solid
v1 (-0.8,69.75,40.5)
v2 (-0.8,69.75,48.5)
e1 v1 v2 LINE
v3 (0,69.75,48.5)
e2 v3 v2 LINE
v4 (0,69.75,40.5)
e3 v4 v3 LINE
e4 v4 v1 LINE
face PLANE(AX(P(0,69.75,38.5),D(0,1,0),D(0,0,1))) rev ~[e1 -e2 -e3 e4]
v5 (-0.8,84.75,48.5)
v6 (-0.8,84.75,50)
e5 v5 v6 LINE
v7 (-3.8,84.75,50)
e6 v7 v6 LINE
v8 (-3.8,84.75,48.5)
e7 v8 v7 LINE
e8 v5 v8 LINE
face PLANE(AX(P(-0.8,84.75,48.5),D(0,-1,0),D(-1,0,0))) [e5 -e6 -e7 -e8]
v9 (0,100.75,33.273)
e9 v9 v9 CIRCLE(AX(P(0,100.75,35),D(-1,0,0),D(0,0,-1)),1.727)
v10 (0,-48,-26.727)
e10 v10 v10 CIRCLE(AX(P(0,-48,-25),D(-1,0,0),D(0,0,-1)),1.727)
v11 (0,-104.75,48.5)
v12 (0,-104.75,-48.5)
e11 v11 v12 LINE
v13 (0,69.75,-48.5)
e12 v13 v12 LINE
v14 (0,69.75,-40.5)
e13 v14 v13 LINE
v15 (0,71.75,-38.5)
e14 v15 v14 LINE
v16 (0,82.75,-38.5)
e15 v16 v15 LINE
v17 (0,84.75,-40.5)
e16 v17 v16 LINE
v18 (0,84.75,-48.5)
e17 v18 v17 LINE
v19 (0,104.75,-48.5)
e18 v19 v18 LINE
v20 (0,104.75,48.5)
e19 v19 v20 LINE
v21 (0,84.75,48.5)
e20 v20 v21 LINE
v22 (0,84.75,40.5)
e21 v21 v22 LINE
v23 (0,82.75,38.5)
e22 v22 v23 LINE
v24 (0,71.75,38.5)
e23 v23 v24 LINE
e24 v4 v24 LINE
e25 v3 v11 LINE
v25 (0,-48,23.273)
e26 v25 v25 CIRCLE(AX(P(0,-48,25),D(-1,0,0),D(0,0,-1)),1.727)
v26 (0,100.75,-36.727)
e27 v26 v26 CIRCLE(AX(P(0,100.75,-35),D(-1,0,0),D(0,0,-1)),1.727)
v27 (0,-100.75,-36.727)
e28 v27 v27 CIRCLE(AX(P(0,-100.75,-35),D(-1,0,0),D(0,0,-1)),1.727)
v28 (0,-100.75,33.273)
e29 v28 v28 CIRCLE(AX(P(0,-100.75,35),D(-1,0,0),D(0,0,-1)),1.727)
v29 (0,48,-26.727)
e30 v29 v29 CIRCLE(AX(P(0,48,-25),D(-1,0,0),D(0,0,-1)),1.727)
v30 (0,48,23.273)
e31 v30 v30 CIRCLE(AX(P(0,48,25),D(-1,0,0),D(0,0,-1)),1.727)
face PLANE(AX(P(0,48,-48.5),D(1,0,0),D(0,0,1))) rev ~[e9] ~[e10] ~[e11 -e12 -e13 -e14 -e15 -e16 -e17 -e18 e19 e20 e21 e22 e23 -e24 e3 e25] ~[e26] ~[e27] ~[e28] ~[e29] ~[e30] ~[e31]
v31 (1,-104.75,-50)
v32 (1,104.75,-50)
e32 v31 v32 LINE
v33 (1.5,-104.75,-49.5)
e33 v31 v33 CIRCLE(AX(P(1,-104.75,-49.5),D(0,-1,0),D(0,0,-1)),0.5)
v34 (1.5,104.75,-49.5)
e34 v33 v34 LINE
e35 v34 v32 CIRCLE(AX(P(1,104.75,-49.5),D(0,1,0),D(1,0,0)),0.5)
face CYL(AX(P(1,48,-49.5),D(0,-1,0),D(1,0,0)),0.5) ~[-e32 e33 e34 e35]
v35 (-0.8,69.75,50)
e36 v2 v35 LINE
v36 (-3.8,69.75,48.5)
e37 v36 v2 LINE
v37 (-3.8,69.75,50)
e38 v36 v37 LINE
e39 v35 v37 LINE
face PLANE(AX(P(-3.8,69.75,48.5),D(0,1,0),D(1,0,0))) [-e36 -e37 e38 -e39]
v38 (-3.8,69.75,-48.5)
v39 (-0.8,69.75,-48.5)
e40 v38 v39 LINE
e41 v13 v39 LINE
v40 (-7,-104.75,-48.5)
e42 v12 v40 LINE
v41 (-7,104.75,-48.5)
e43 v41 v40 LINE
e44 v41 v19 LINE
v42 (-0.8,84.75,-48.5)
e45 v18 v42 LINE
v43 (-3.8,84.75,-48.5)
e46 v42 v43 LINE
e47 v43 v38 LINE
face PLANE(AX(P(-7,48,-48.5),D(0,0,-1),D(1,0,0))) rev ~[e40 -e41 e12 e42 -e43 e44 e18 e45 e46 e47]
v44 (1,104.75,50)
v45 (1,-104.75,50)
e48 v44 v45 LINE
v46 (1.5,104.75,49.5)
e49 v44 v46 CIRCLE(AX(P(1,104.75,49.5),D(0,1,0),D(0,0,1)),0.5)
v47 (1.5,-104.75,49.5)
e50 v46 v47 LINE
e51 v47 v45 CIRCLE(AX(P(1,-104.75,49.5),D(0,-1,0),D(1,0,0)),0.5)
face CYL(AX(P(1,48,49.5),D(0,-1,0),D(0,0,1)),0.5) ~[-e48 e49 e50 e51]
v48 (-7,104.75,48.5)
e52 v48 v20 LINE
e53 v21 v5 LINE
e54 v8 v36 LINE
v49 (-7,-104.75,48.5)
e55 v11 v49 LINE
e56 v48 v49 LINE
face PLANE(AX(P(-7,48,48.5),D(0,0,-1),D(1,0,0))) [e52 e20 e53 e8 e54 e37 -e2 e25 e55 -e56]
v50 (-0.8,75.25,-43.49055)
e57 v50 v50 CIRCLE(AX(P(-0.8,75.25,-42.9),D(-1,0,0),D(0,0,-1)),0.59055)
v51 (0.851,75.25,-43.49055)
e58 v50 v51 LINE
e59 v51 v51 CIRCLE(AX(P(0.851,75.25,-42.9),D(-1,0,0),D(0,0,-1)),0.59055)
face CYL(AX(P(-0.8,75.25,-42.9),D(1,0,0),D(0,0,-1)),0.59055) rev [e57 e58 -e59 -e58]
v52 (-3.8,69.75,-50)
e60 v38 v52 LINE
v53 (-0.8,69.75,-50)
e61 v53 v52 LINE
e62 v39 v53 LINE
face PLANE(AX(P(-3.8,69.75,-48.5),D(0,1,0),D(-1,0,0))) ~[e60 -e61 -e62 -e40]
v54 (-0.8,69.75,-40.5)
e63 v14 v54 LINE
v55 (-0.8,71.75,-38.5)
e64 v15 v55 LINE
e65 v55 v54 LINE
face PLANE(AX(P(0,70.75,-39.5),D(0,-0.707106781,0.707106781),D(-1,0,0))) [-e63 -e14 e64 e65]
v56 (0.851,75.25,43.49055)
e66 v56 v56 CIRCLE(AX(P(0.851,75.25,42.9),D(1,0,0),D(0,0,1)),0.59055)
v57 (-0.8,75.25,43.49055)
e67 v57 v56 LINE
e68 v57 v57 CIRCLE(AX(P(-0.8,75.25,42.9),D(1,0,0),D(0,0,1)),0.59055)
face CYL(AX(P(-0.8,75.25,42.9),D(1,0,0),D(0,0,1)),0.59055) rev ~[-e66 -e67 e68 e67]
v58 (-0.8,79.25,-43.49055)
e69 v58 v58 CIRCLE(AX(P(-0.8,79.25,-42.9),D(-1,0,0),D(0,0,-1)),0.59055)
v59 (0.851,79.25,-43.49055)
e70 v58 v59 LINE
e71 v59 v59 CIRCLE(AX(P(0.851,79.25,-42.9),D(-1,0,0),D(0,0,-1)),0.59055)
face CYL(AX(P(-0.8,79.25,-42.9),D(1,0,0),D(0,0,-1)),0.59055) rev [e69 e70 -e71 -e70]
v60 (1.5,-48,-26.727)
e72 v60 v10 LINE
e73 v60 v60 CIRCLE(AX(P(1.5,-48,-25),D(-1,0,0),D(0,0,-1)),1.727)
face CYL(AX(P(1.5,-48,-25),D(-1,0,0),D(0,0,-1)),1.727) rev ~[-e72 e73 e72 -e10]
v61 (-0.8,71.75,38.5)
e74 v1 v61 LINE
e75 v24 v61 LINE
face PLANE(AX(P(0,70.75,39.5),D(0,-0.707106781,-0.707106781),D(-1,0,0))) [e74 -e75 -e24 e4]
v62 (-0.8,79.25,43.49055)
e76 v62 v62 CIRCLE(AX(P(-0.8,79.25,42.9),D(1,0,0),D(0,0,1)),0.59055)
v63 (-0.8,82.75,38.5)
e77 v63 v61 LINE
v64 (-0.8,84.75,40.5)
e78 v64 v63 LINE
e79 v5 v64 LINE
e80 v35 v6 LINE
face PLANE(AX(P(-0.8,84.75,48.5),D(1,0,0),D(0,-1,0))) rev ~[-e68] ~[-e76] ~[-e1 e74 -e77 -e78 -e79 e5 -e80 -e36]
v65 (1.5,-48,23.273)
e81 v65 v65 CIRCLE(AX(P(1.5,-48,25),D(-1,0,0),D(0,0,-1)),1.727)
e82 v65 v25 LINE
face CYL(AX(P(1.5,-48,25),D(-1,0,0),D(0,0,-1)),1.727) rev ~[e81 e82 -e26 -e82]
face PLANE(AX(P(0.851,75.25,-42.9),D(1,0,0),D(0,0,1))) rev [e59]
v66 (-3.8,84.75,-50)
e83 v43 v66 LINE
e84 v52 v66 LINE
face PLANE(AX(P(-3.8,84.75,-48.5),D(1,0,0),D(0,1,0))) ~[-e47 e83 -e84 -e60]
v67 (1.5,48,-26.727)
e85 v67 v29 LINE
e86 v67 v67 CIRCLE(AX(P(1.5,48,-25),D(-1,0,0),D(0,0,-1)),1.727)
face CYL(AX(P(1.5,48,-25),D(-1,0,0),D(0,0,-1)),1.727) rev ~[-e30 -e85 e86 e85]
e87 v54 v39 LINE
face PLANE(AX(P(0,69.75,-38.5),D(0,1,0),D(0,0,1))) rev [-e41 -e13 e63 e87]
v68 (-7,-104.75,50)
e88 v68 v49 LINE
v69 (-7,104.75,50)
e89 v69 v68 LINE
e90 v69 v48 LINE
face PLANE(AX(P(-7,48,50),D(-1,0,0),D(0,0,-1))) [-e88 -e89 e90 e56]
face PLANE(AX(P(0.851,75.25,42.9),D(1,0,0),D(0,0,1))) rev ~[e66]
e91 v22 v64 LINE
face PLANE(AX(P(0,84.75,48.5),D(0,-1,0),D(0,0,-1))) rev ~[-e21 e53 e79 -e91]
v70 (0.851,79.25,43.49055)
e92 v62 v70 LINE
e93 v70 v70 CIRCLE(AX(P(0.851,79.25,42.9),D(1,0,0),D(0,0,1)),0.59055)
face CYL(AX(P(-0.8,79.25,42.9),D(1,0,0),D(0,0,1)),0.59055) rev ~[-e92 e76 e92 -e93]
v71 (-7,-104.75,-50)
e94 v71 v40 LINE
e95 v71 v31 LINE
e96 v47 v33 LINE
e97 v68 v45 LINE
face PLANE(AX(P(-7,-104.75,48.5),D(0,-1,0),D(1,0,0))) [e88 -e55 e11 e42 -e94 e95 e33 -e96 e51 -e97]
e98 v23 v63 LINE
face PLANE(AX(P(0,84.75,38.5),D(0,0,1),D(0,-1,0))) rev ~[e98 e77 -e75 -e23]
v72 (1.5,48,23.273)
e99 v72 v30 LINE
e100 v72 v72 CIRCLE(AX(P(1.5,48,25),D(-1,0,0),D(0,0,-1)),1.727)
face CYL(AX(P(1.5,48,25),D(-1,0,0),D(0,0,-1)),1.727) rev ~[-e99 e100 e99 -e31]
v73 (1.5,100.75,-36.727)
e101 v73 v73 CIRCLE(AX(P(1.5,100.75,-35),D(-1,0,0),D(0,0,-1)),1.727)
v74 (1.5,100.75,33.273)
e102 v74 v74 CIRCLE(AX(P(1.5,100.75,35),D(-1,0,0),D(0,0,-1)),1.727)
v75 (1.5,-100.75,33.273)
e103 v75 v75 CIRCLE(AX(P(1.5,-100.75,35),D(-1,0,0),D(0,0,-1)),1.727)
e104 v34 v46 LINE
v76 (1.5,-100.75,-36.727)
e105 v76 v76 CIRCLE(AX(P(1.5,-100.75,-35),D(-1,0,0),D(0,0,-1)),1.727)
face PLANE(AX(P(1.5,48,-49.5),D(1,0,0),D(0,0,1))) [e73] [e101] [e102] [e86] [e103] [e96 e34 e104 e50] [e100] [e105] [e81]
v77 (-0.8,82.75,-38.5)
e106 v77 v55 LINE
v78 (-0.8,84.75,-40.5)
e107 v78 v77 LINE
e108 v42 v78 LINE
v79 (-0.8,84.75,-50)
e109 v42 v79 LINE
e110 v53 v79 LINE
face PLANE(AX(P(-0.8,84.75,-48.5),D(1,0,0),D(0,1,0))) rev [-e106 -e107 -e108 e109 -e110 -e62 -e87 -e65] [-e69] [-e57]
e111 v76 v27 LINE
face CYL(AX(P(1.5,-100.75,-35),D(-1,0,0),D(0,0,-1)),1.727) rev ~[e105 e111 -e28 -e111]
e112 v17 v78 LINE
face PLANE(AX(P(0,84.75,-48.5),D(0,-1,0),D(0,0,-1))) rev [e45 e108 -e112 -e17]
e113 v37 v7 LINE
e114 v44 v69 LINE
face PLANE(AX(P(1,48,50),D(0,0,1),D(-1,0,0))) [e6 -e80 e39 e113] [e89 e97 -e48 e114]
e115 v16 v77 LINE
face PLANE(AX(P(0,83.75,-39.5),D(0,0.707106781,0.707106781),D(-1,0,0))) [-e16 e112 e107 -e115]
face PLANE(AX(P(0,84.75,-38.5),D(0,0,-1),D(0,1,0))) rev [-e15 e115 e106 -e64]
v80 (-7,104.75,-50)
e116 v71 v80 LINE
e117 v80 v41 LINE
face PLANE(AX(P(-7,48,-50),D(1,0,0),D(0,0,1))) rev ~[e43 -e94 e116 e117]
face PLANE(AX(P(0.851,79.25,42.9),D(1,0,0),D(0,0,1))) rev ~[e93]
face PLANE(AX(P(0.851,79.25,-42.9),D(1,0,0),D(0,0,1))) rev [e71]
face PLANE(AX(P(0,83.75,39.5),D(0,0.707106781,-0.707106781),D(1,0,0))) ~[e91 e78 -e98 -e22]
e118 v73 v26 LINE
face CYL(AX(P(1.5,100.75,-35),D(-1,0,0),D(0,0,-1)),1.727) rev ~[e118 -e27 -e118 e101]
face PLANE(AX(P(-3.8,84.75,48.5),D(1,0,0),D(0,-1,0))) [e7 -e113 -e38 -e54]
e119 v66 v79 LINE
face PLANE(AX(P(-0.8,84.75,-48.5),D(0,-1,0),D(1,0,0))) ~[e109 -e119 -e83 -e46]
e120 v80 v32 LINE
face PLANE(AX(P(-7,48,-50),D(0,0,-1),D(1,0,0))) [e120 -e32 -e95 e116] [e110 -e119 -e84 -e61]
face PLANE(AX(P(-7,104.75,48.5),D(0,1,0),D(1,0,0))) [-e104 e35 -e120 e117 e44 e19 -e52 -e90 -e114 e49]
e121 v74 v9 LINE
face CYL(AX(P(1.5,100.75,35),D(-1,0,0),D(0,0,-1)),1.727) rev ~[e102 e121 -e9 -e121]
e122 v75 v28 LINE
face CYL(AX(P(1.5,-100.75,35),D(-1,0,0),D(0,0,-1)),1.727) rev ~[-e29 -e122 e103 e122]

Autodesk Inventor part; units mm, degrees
ref_plane "YZ Plane" through (0, 0, 0) normal (1, 0, 0) x (0, 1, 0)
ref_plane "XZ Plane" through (0, 0, 0) normal (0, 1, 0) x (-1, 0, 0)
ref_plane "XY Plane" through (0, 0, 0) normal (0, 0, 1) x (1, 0, 0)
sketch "Sketch1" plane through (0, 0, 0) normal (1, 0, 0) x (0, 1, 0)
  line L0 (48, 50) -> (-48, 50)
  line L1 (-48, 50) -> (-48, -50)
  line L2 (-48, -50) -> (48, -50)
  line L3 (48, -50) -> (48, 50)
  point P0 (0, 0)
  dimension "d0" = 96
  dimension "d1" = 100
  dimension "d2" = 50
  dimension "d3" = 48
extrude "Extrusion1" add sketch "Sketch1" along normal blind 1.5
sketch "Sketch2" plane through (0, -48, 50) normal (0, 0, 1) x (1, 0, 0)
  line L0 (0, 96) -> (1.5, 96) projected
  line L1 (1.5, 96) -> (-7, 96)
  line L2 (-7, 96) -> (-7, 0)
  line L3 (-7, 0) -> (1.5, 0)
  line L4 (1.5, 0) -> (1.5, 96)
  point P0 (0, 48)
  dimension "d6" = 8.5
  dimension "d7" = 96
extrude "Extrusion2" add sketch "Sketch2" against normal blind 1.5
mirror "Mirror1" about plane through (0, 0, 0) normal (0, 0, 1) of "Extrusion2"
fillet "Fillet1" radius 0.5 2 edges at (1.5, 0, 50) (1.5, 0, -50)
sketch "Sketch12" plane through (-7, -48, 48.5) normal (0, -1, 0) x (1, 0, 0)
  arc A0 (8, -98.5) -> (8.5, -98) centre (8, -98) ccw projected
  line L0 (8.5, 1) -> (8.5, -98) projected
  arc A1 (8.5, 1) -> (8, 1.5) centre (8, 1) ccw projected
  line L1 (0, 1.5) -> (8, 1.5) projected
  line L2 (0, 1.5) -> (0, 0) projected
  line L3 (7, 0) -> (0, 0) projected
  line L4 (7, 0) -> (7, -97) projected
  line L5 (7, -97) -> (0, -97) projected
  line L6 (0, -98.5) -> (0, -97) projected
  line L7 (0, -98.5) -> (8, -98.5) projected
  point P0 (7, -48.5)
extrude "Extrusion8" add sketch "Sketch12" along normal blind 56.75
sketch "Sketch13" plane through (-7, 48, 48.5) normal (0, 1, 0) x (1, 0, 0)
  arc A0 (8.5, 98) -> (8, 98.5) centre (8, 98) ccw projected
  line L0 (0, 98.5) -> (8, 98.5) projected
  line L1 (0, 98.5) -> (0, 97) projected
  line L2 (0, 97) -> (7, 97) projected
  line L3 (7, 97) -> (7, 0) projected
  line L4 (0, 0) -> (7, 0) projected
  line L5 (0, -1.5) -> (0, 0) projected
  line L6 (8, -1.5) -> (0, -1.5) projected
  arc A1 (8, -1.5) -> (8.5, -1) centre (8, -1) ccw projected
  line L7 (8.5, 98) -> (8.5, -1) projected
  point P0 (7, 48.5)
extrude "Extrusion9" add sketch "Sketch13" along normal blind 56.75
sketch "Sketch14" plane through (1.5, 0, 0) normal (1, 0, 0) x (0, 0, -1)
  line L0 (49.5, -104.75) -> (49.5, 104.75) projected
  line L1 (-49.5, 104.75) -> (49.5, 104.75) projected
  line L2 (-49.5, 104.75) -> (-49.5, -104.75) projected
  line L3 (49.5, -104.75) -> (-49.5, -104.75) projected
  line L4 (0, 0) -> (-23.5475, 0) construction
  point P0 (35, -100.75)
  point P1 (-35, -100.75)
  point P2 (35, 100.75)
  point P3 (-35, 100.75)
  dimension "d88" = 70
  dimension "d89" = 35
  dimension "d90" = 4
hole "Hole6" at (1.5, -100.75, -35) at (1.5, -100.75, 35) at (1.5, 100.75, -35) at (1.5, 100.75, 35) direction (-1, 0, 0) diameter 3.454 end through all clearance for "Flat Head Machine Screw (82)" size "#4" standard "Ansi Unified Screw Threads"
sketch "Sketch15" plane through (1.5, 0, 0) normal (1, 0, 0) x (0, 0, -1)
  circle A0 centre (25, -48) radius 1.727 projected
  circle A1 centre (-25, -48) radius 1.727 projected
  circle A2 centre (25, 48) radius 1.727 projected
  circle A3 centre (-25, 48) radius 1.727 projected
  point P0 (0, 0)
hole "Hole7" at (1.5, -48, -25) at (1.5, -48, 25) at (1.5, 48, -25) at (1.5, 48, 25) direction (-1, 0, 0) diameter 3.454 end through all clearance for "Flat Head Machine Screw (82)" size "#4" standard "Ansi Unified Screw Threads"
sketch "Sketch16" plane through (0, 0, 0) normal (-1, 0, 0) x (0, 0, 1)
  line L0 (38.5, 69.75) -> (48.5, 69.75)
  line L1 (48.5, 69.75) -> (48.5, 84.75)
  line L2 (48.5, 84.75) -> (38.5, 84.75)
  line L3 (38.5, 84.75) -> (38.5, 69.75)
  circle A0 centre (-25, 48) radius 1.727 projected
  circle A1 centre (-25, -48) radius 1.727 projected
  circle A2 centre (25, -48) radius 1.727 projected
  circle A3 centre (25, 48) radius 1.727 projected
  circle A4 centre (-35, 100.75) radius 1.727 projected
  circle A5 centre (-35, -100.75) radius 1.727 projected
  circle A6 centre (35, -100.75) radius 1.727 projected
  circle A7 centre (35, 100.75) radius 1.727 projected
  line L4 (-48.5, 104.75) -> (-48.5, -104.75) projected
  line L5 (48.5, -104.75) -> (-48.5, -104.75) projected
  line L6 (48.5, -104.75) -> (48.5, 104.75) projected
  line L7 (-48.5, 104.75) -> (48.5, 104.75) projected
  line L8 (48.5, -104.75) -> (48.5, 104.75) projected
  point P0 (0, 0)
  dimension "d105" = 10
  dimension "d106" = 15
  dimension "d107" = 20
extrude "Extrusion10" add sketch "Sketch16" along normal blind 0.8 contours L3 L2 L1 L0
sketch "Sketch17" plane through (-0.8, 0, 0) normal (-1, 0, 0) x (0, 0, 1)
  line L0 (38.5, 69.75) -> (48.5, 69.75) projected
  line L1 (48.5, 84.75) -> (48.5, 69.75) projected
  line L2 (48.5, 84.75) -> (38.5, 84.75) projected
  line L3 (38.5, 84.75) -> (38.5, 69.75) projected
  line L4 (38.5, 69.75) -> (48.5, 69.75) projected
  point P0 (0, 0)
  point P1 (42.9, 75.25)
  point P2 (42.9, 79.25)
  dimension "d110" = 4
  dimension "d111" = 5.5
  dimension "d123" = 5.6
hole "Hole8" at (-0.8, 75.25, 42.9) at (-0.8, 79.25, 42.9) direction (1, 0, 0) diameter 1.1811 depth 1.651 thread size "0-80 UNF" class "2B" standard "ANSI Unified Screw Threads"
mirror "Mirror2" about plane through (0, 0, 0) normal (0, 0, 1) of "Extrusion10", "Hole8"
sketch "Sketch18" plane through (0, -48, 48.5) normal (0, 0, -1) x (-1, 0, 0)
  line L0 (0.8, 132.75) -> (0.8, 117.75) projected
  line L1 (0, 132.75) -> (0.8, 132.75) projected
  line L2 (0.8, 132.75) -> (3.8, 132.75)
  line L3 (3.8, 132.75) -> (3.8, 117.75)
  line L4 (3.8, 117.75) -> (0.8, 117.75)
  line L5 (0.8, 117.75) -> (0.8, 132.75)
  point P0 (0, 48)
  dimension "d119" = 3
  dimension "d120" = 15
extrude "Extrusion11" cut sketch "Sketch18" against normal through all
mirror "Mirror3" about plane through (0, 0, 0) normal (0, 0, 1) of "Extrusion11"
chamfer "Chamfer1" distance 2 angle 45 4 edges at (-0.4, 69.75, -38.5) (-0.4, 84.75, -38.5) (-0.4, 69.75, 38.5) (-0.4, 84.75, 38.5)
equation "\"d2\" = 0.5 * d1"
equation "\"d3\" = 0.5 * d0"
equation "\"d89\" = 0.5 * d88"
properties part number "memesat shear panel type 1" material "Aluminum 6061"
